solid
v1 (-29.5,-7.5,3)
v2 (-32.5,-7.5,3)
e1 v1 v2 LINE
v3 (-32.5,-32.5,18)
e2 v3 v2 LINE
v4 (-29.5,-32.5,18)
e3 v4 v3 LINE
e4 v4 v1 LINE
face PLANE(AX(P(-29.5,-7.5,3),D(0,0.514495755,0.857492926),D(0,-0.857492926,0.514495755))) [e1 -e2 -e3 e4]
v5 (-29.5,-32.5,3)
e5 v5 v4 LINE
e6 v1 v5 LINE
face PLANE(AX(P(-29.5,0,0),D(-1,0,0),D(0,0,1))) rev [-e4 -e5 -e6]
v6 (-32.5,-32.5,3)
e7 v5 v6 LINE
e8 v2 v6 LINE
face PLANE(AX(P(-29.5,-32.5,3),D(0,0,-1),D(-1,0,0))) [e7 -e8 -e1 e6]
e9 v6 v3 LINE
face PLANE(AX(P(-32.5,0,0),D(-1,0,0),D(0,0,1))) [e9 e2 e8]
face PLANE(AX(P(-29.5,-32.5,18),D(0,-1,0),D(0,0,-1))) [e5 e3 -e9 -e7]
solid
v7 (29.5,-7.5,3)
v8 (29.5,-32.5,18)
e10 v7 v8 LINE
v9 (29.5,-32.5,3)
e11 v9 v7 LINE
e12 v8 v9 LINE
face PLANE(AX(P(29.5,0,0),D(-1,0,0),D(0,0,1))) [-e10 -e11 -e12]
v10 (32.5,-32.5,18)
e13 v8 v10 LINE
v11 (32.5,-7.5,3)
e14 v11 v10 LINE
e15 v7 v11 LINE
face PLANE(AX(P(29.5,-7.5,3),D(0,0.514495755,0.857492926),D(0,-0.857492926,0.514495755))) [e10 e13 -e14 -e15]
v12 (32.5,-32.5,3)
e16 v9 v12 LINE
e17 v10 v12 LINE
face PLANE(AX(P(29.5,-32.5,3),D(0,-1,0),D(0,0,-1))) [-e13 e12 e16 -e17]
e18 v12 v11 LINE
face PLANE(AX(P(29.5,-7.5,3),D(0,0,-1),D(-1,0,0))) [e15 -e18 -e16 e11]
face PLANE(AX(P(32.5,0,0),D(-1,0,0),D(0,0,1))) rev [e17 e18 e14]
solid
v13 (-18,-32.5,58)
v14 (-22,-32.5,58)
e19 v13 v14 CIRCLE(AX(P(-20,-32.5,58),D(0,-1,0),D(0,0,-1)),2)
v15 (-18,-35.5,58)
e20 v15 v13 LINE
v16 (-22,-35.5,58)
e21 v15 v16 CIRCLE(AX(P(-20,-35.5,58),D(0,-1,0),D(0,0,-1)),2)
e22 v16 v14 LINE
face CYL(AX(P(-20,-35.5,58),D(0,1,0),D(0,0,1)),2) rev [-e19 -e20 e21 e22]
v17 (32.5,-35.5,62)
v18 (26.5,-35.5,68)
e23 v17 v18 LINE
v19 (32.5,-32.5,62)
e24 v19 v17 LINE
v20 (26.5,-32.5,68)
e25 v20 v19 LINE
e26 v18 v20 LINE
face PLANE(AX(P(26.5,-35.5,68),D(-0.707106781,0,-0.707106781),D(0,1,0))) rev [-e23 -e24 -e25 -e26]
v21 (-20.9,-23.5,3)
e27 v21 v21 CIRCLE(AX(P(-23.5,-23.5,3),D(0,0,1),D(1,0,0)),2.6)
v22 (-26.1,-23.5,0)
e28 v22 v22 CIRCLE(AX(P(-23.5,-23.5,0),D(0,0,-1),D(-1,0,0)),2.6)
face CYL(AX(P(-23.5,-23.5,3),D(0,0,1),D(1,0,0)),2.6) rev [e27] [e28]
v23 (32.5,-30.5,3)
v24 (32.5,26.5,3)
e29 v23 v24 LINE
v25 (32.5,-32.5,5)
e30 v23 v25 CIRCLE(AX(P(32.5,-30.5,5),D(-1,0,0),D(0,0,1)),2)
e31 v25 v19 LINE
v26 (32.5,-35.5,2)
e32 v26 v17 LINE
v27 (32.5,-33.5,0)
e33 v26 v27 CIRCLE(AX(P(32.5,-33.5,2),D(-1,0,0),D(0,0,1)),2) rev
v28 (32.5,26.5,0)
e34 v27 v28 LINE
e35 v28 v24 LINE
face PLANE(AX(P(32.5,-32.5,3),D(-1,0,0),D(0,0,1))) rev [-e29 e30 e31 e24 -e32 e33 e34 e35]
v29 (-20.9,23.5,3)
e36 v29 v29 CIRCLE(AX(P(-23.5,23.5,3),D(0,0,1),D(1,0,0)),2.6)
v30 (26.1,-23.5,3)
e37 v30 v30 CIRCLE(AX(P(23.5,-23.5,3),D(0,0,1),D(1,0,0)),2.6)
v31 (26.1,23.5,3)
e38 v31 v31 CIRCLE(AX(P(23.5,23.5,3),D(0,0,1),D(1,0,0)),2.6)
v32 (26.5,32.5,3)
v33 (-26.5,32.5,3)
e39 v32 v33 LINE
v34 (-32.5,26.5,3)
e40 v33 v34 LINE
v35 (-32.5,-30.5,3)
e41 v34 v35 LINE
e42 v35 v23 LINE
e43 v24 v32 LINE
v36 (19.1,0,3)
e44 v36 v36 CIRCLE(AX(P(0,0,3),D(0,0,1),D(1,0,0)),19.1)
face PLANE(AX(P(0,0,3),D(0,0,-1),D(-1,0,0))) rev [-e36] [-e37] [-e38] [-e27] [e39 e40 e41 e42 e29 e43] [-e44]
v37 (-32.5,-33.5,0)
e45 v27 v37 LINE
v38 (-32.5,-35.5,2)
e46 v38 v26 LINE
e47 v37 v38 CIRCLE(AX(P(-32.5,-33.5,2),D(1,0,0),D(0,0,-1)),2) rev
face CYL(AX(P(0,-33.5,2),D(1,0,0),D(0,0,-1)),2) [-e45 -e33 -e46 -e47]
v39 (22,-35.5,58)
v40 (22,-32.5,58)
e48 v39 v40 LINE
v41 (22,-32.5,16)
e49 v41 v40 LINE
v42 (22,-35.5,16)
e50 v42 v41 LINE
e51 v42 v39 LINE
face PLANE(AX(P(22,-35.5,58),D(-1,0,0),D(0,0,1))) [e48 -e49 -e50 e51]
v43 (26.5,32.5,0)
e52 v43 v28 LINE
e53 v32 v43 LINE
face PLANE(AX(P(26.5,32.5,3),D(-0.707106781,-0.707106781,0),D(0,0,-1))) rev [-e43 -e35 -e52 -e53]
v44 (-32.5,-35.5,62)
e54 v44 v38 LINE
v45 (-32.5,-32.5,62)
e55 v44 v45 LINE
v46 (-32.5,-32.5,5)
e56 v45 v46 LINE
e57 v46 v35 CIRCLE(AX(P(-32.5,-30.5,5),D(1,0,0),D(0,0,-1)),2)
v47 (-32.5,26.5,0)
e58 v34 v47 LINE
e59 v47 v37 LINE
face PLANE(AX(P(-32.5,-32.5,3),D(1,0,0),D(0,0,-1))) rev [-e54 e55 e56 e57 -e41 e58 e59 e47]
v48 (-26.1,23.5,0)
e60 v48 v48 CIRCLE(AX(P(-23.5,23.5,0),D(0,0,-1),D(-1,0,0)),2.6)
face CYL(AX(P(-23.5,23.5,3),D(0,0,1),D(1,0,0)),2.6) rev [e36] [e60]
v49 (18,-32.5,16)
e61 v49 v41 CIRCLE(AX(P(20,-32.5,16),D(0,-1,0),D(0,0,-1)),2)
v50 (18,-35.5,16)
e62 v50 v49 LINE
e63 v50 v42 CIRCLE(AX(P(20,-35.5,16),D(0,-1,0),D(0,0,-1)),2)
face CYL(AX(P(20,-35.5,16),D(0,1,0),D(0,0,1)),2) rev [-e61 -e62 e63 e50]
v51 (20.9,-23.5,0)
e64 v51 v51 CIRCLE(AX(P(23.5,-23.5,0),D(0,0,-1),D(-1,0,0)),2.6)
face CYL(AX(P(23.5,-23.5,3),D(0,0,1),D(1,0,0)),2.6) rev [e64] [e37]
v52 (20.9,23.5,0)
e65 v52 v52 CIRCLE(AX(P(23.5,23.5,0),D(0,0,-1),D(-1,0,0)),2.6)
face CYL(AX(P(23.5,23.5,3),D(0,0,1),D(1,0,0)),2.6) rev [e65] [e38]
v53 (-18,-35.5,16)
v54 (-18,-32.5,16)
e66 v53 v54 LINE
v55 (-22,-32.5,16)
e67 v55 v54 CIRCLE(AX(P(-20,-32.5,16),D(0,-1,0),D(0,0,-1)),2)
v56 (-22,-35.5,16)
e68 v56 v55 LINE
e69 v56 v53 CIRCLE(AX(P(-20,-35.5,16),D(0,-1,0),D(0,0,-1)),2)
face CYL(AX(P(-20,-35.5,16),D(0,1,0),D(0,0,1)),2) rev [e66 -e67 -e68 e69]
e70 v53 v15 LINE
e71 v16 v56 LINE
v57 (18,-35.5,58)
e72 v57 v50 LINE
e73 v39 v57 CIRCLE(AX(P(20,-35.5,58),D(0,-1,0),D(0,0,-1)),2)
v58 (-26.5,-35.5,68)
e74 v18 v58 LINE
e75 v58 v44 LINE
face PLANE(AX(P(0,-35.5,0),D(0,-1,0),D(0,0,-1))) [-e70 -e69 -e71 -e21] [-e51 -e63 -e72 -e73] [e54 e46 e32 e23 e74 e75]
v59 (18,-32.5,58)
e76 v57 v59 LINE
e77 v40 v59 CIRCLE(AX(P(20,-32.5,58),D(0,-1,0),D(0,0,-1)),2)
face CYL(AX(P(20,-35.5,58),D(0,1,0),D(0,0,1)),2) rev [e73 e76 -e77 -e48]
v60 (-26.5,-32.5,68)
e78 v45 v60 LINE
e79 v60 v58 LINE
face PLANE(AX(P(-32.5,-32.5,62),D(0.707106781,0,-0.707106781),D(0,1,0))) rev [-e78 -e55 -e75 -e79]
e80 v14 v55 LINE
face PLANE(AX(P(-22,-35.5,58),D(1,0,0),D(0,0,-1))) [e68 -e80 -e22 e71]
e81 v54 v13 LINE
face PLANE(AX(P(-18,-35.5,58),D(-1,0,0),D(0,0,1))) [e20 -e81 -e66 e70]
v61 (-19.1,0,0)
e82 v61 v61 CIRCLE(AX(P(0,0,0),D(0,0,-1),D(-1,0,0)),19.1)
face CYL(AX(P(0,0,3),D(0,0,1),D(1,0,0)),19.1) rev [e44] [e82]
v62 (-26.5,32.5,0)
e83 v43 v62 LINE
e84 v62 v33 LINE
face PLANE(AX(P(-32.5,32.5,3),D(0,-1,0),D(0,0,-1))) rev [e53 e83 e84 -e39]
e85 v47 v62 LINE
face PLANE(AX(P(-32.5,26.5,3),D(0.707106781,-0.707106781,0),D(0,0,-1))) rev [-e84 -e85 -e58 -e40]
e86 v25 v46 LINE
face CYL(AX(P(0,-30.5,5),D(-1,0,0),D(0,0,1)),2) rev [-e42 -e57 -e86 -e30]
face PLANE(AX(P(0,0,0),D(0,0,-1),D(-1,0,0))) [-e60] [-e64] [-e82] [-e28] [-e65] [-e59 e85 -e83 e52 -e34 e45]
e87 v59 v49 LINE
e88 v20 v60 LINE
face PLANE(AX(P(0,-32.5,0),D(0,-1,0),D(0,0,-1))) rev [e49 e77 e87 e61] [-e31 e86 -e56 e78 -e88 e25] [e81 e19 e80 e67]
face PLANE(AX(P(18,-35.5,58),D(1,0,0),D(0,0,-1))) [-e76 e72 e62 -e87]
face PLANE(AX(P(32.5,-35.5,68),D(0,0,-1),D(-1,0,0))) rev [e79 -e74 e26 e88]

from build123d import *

# Parameters (mm, degrees)
SKETCH1_W                      = 65
SKETCH1_H                      = 65
BOSS_EXTRUDE1_DEPTH            = 3
SKETCH3_W                      = 65
SKETCH3_H                      = 68
BOSS_EXTRUDE2_DEPTH            = 3
F_5_2_5_2_DIAMETER_HOLE1_D     = 5.2
F_5_2_5_2_DIAMETER_HOLE1_DEPTH = 25.4
F_5_2_5_2_DIAMETER_HOLE1_TIP   = 1.562237609
F_5_2_5_2_DIAMETER_HOLE2_D     = 38.2
F_5_2_5_2_DIAMETER_HOLE2_DEPTH = 25.4
F_5_2_5_2_DIAMETER_HOLE2_TIP   = 11.476437823
FILLET1_R                      = 2
BOSS_EXTRUDE3_DEPTH            = 3
BOSS_EXTRUDE4_DEPTH            = 3
CHAMFER1_SIZE                  = 6


with BuildPart() as part:
    # Sketch1 → Boss-Extrude1 (new body)
    with BuildSketch(Plane.XY):
        Rectangle(SKETCH1_W, SKETCH1_H)
    extrude(amount=BOSS_EXTRUDE1_DEPTH)

    # Sketch3 → Boss-Extrude2 (add)
    with BuildSketch(Plane(origin=(0, -32.5, 0), x_dir=(-1, 0, 0), z_dir=(0, -1, 0))):
        with Locations((0, -34)):
            Rectangle(SKETCH3_W, SKETCH3_H)
        with BuildLine():
            Line((18, -58), (18, -16))
            ThreePointArc((18, -16), (20, -14), (22, -16))
            Line((22, -16), (22, -58))
            ThreePointArc((22, -58), (20, -60), (18, -58))
        make_face(mode=Mode.SUBTRACT)
        with BuildLine():
            Line((-22, -58), (-22, -16))
            ThreePointArc((-22, -16), (-20, -14), (-18, -16))
            Line((-18, -16), (-18, -58))
            ThreePointArc((-18, -58), (-20, -60), (-22, -58))
        make_face(mode=Mode.SUBTRACT)
    extrude(amount=BOSS_EXTRUDE2_DEPTH)

    # Ø5.2 (5.2) Diameter Hole1
    with Locations(Plane.XY.offset(3)):
        with Locations((-23.5, 23.5), (23.5, 23.5), (23.5, -23.5), (-23.5, -23.5)):
            Hole(F_5_2_5_2_DIAMETER_HOLE1_D / 2, depth=F_5_2_5_2_DIAMETER_HOLE1_DEPTH)
            with Locations((0, 0, -(F_5_2_5_2_DIAMETER_HOLE1_DEPTH + F_5_2_5_2_DIAMETER_HOLE1_TIP / 2))):  # 118° drill point
                Cone(0, F_5_2_5_2_DIAMETER_HOLE1_D / 2, F_5_2_5_2_DIAMETER_HOLE1_TIP, mode=Mode.SUBTRACT)

    # Ø5.2 (5.2) Diameter Hole2
    with Locations(Plane.XY.offset(3)):
        with Locations((0, 0)):
            Hole(F_5_2_5_2_DIAMETER_HOLE2_D / 2, depth=F_5_2_5_2_DIAMETER_HOLE2_DEPTH)
            with Locations((0, 0, -(F_5_2_5_2_DIAMETER_HOLE2_DEPTH + F_5_2_5_2_DIAMETER_HOLE2_TIP / 2))):  # 118° drill point
                Cone(0, F_5_2_5_2_DIAMETER_HOLE2_D / 2, F_5_2_5_2_DIAMETER_HOLE2_TIP, mode=Mode.SUBTRACT)

    # Fillet1
    fillet1_edges = [part.edges().sort_by_distance(p)[0] for p in [
        (0, -35.5, 0),
        (0, -32.5, 3),
    ]]
    fillet(fillet1_edges, radius=FILLET1_R)

    # Chamfer1
    chamfer1_edges = [part.edges().sort_by_distance(p)[0] for p in [
        (-32.5, 32.5, 1.5),
        (-32.5, -34, 68),
        (32.5, -34, 68),
        (32.5, 32.5, 1.5),
    ]]
    chamfer(chamfer1_edges, length=CHAMFER1_SIZE)


with BuildPart() as body_2:
    # Sketch8 → Boss-Extrude3 (new body)
    with BuildSketch(Plane(origin=(32.5, 0, 0), x_dir=(0, 0, -1), z_dir=(1, 0, 0))):
        Polygon((-3, -7.5), (-18, -32.5), (-3, -32.5), align=None)
    extrude(amount=-BOSS_EXTRUDE3_DEPTH)


with BuildPart() as body_3:
    # Sketch9 → Boss-Extrude4 (new body)
    with BuildSketch(Plane.ZY.offset(32.5)):
        Polygon((3, -7.5), (18, -32.5), (3, -32.5), align=None)
    extrude(amount=-BOSS_EXTRUDE4_DEPTH)


solid = Compound([part.part, body_2.part, body_3.part])
